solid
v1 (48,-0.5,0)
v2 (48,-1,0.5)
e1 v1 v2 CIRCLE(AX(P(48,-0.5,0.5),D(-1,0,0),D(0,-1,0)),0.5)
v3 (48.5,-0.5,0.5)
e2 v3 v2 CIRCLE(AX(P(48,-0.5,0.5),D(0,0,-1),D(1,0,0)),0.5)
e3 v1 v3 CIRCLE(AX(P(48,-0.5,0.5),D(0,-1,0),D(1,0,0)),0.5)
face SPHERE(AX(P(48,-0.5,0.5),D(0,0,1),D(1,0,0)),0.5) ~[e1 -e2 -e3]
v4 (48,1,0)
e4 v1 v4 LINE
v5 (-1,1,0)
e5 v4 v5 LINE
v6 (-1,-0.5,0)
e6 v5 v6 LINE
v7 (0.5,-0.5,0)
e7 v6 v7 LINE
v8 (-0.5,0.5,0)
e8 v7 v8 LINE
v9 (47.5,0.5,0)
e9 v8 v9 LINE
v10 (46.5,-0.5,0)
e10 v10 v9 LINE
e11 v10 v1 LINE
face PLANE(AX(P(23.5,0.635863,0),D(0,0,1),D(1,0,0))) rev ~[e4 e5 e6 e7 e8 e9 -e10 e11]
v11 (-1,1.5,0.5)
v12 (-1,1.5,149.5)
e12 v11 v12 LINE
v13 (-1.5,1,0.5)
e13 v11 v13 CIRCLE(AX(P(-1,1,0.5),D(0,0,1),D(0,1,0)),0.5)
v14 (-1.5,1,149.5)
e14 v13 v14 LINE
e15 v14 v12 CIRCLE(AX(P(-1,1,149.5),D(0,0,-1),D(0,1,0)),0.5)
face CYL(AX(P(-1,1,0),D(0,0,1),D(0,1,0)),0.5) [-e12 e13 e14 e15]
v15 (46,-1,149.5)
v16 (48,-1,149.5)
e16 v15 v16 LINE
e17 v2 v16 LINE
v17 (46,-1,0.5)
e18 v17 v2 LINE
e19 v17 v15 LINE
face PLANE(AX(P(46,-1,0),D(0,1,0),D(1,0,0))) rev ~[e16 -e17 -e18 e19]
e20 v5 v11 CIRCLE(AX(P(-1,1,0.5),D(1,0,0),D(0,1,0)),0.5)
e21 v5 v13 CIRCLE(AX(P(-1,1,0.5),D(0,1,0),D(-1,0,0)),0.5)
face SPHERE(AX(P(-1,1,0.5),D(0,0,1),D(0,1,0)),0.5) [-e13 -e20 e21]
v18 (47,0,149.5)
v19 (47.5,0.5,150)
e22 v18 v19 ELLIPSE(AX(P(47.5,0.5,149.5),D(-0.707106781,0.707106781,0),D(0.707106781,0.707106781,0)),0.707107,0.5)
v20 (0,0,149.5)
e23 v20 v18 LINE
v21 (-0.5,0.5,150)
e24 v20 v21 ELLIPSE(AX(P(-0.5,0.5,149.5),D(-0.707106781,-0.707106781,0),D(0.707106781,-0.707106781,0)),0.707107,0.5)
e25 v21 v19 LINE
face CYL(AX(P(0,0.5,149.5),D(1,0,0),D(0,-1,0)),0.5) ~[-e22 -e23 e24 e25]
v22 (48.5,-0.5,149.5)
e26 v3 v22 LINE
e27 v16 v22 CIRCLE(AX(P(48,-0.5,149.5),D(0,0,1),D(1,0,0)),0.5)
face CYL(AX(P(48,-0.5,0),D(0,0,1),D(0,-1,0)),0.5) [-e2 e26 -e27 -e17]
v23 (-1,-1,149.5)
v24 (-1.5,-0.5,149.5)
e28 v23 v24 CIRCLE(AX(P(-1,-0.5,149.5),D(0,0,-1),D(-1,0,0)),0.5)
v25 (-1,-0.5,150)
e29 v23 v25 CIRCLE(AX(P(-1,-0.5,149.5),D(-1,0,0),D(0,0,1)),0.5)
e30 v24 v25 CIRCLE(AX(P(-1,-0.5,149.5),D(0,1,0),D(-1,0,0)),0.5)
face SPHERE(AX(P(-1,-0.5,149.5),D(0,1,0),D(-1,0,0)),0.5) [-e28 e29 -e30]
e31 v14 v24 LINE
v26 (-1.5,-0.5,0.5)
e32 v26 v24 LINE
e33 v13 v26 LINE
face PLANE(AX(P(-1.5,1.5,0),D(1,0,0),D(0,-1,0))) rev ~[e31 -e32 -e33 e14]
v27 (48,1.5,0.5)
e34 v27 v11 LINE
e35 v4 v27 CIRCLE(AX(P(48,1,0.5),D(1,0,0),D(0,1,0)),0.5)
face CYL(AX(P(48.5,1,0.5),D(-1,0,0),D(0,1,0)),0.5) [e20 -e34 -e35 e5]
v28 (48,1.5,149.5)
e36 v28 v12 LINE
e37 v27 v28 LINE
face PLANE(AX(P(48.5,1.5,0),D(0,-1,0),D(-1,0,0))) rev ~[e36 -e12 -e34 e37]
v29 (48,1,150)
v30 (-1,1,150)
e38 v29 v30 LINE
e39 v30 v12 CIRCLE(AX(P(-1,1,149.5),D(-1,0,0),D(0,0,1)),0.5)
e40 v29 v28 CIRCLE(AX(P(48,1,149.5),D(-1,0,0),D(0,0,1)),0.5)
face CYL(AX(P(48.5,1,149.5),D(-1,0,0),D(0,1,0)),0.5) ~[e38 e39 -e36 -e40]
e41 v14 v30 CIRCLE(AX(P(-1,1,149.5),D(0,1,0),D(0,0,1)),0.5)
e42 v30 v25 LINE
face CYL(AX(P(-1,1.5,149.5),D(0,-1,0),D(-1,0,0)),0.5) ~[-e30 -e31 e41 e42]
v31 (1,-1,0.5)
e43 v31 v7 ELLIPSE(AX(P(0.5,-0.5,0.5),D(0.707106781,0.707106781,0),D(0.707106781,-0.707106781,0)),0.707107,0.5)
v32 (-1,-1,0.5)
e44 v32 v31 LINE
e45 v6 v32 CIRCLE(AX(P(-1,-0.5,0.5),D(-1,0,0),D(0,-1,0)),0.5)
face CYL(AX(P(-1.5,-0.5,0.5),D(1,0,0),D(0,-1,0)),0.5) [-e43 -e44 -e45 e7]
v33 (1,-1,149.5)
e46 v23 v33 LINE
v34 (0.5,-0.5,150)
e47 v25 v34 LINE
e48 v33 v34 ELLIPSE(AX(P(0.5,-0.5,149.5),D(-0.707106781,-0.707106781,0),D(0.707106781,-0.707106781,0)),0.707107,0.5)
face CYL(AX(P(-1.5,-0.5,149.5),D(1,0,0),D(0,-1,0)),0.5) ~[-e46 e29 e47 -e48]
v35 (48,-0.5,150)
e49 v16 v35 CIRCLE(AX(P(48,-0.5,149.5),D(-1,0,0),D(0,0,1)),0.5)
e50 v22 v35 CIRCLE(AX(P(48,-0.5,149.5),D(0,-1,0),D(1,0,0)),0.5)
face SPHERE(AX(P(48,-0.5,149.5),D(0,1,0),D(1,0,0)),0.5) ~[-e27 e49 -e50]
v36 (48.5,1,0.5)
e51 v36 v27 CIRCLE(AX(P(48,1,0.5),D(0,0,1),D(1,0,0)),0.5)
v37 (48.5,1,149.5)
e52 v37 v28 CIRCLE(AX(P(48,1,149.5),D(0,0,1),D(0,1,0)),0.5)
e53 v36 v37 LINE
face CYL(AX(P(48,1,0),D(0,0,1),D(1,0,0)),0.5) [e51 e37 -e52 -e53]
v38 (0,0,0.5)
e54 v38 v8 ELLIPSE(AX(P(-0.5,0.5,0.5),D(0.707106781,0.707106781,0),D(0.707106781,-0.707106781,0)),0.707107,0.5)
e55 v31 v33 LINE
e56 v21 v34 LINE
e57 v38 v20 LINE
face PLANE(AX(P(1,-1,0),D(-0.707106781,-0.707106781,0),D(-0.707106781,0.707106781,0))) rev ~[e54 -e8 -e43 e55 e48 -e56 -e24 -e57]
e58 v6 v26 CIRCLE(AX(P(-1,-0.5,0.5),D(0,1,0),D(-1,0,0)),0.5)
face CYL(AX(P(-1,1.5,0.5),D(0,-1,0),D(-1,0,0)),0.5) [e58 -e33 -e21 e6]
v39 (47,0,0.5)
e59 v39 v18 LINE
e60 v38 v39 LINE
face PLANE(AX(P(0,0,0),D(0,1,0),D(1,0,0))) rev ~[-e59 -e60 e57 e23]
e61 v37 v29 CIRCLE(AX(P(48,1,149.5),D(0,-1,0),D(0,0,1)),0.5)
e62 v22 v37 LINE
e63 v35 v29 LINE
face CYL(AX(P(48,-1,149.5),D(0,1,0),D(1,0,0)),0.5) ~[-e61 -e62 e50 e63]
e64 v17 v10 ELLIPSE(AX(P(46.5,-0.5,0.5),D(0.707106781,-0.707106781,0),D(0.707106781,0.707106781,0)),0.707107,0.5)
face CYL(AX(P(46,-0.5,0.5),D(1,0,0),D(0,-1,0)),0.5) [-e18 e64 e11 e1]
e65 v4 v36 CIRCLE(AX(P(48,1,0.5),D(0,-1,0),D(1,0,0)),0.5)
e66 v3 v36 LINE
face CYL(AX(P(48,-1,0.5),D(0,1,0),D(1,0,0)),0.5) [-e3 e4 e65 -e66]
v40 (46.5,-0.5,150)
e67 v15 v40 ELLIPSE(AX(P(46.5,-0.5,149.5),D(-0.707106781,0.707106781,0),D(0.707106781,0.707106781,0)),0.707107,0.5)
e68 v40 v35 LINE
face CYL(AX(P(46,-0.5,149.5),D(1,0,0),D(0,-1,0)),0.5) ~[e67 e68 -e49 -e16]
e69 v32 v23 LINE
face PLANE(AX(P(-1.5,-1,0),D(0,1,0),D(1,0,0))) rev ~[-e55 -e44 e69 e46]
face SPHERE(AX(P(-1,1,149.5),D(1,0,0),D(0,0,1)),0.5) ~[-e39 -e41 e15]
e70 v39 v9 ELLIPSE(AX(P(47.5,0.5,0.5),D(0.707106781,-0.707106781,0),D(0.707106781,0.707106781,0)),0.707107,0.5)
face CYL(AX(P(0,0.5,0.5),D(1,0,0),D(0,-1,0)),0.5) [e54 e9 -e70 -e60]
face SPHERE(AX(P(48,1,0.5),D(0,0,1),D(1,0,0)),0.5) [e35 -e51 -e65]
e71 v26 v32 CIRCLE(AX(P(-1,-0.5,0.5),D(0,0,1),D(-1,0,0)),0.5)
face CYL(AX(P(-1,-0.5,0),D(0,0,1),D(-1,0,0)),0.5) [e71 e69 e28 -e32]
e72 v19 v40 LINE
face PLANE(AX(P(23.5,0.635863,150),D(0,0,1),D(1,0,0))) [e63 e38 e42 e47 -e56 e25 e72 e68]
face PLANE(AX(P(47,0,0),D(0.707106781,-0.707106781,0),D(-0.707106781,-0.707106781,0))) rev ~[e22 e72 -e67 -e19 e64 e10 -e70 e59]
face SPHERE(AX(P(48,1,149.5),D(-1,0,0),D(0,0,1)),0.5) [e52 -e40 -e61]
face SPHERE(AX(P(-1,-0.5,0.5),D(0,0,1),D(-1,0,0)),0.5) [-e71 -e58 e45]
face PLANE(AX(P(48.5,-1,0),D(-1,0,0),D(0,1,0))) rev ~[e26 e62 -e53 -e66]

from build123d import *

# Parameters (mm, degrees)
F1_DEPTH = 150
F2_R     = 0.5


with BuildPart() as f1:
    # F0 (on Top) → F1 (new body)
    with BuildSketch(Plane.XY):
        Polygon((1, -1), (0, 0), (47, 0), (46, -1), (48.5, -1), (48.5, 1.5), (-1.5, 1.5), (-1.5, -1), align=None)
    extrude(amount=F1_DEPTH)

    # F2
    f2_edges = [f1.edges().sort_by_distance(p)[0] for p in [
        (23.5, 0, 150),
        (23.5, 1.5, 150),
        (-1.5, 0.25, 150),
        (48.5, 0.25, 150),
        (48.5, -1, 75),
        (48.5, 1.5, 75),
        (48.5, 0.25, 0),
        (-1.5, -1, 75),
        (-1.5, 1.5, 75),
        (23.5, 1.5, 0),
        (-1.5, 0.25, 0),
        (47.25, -1, 0),
        (-0.25, -1, 0),
        (23.5, 0, 0),
        (-0.25, -1, 150),
        (47.25, -1, 150),
    ]]
    fillet(f2_edges, radius=F2_R)


solid = f1.part
